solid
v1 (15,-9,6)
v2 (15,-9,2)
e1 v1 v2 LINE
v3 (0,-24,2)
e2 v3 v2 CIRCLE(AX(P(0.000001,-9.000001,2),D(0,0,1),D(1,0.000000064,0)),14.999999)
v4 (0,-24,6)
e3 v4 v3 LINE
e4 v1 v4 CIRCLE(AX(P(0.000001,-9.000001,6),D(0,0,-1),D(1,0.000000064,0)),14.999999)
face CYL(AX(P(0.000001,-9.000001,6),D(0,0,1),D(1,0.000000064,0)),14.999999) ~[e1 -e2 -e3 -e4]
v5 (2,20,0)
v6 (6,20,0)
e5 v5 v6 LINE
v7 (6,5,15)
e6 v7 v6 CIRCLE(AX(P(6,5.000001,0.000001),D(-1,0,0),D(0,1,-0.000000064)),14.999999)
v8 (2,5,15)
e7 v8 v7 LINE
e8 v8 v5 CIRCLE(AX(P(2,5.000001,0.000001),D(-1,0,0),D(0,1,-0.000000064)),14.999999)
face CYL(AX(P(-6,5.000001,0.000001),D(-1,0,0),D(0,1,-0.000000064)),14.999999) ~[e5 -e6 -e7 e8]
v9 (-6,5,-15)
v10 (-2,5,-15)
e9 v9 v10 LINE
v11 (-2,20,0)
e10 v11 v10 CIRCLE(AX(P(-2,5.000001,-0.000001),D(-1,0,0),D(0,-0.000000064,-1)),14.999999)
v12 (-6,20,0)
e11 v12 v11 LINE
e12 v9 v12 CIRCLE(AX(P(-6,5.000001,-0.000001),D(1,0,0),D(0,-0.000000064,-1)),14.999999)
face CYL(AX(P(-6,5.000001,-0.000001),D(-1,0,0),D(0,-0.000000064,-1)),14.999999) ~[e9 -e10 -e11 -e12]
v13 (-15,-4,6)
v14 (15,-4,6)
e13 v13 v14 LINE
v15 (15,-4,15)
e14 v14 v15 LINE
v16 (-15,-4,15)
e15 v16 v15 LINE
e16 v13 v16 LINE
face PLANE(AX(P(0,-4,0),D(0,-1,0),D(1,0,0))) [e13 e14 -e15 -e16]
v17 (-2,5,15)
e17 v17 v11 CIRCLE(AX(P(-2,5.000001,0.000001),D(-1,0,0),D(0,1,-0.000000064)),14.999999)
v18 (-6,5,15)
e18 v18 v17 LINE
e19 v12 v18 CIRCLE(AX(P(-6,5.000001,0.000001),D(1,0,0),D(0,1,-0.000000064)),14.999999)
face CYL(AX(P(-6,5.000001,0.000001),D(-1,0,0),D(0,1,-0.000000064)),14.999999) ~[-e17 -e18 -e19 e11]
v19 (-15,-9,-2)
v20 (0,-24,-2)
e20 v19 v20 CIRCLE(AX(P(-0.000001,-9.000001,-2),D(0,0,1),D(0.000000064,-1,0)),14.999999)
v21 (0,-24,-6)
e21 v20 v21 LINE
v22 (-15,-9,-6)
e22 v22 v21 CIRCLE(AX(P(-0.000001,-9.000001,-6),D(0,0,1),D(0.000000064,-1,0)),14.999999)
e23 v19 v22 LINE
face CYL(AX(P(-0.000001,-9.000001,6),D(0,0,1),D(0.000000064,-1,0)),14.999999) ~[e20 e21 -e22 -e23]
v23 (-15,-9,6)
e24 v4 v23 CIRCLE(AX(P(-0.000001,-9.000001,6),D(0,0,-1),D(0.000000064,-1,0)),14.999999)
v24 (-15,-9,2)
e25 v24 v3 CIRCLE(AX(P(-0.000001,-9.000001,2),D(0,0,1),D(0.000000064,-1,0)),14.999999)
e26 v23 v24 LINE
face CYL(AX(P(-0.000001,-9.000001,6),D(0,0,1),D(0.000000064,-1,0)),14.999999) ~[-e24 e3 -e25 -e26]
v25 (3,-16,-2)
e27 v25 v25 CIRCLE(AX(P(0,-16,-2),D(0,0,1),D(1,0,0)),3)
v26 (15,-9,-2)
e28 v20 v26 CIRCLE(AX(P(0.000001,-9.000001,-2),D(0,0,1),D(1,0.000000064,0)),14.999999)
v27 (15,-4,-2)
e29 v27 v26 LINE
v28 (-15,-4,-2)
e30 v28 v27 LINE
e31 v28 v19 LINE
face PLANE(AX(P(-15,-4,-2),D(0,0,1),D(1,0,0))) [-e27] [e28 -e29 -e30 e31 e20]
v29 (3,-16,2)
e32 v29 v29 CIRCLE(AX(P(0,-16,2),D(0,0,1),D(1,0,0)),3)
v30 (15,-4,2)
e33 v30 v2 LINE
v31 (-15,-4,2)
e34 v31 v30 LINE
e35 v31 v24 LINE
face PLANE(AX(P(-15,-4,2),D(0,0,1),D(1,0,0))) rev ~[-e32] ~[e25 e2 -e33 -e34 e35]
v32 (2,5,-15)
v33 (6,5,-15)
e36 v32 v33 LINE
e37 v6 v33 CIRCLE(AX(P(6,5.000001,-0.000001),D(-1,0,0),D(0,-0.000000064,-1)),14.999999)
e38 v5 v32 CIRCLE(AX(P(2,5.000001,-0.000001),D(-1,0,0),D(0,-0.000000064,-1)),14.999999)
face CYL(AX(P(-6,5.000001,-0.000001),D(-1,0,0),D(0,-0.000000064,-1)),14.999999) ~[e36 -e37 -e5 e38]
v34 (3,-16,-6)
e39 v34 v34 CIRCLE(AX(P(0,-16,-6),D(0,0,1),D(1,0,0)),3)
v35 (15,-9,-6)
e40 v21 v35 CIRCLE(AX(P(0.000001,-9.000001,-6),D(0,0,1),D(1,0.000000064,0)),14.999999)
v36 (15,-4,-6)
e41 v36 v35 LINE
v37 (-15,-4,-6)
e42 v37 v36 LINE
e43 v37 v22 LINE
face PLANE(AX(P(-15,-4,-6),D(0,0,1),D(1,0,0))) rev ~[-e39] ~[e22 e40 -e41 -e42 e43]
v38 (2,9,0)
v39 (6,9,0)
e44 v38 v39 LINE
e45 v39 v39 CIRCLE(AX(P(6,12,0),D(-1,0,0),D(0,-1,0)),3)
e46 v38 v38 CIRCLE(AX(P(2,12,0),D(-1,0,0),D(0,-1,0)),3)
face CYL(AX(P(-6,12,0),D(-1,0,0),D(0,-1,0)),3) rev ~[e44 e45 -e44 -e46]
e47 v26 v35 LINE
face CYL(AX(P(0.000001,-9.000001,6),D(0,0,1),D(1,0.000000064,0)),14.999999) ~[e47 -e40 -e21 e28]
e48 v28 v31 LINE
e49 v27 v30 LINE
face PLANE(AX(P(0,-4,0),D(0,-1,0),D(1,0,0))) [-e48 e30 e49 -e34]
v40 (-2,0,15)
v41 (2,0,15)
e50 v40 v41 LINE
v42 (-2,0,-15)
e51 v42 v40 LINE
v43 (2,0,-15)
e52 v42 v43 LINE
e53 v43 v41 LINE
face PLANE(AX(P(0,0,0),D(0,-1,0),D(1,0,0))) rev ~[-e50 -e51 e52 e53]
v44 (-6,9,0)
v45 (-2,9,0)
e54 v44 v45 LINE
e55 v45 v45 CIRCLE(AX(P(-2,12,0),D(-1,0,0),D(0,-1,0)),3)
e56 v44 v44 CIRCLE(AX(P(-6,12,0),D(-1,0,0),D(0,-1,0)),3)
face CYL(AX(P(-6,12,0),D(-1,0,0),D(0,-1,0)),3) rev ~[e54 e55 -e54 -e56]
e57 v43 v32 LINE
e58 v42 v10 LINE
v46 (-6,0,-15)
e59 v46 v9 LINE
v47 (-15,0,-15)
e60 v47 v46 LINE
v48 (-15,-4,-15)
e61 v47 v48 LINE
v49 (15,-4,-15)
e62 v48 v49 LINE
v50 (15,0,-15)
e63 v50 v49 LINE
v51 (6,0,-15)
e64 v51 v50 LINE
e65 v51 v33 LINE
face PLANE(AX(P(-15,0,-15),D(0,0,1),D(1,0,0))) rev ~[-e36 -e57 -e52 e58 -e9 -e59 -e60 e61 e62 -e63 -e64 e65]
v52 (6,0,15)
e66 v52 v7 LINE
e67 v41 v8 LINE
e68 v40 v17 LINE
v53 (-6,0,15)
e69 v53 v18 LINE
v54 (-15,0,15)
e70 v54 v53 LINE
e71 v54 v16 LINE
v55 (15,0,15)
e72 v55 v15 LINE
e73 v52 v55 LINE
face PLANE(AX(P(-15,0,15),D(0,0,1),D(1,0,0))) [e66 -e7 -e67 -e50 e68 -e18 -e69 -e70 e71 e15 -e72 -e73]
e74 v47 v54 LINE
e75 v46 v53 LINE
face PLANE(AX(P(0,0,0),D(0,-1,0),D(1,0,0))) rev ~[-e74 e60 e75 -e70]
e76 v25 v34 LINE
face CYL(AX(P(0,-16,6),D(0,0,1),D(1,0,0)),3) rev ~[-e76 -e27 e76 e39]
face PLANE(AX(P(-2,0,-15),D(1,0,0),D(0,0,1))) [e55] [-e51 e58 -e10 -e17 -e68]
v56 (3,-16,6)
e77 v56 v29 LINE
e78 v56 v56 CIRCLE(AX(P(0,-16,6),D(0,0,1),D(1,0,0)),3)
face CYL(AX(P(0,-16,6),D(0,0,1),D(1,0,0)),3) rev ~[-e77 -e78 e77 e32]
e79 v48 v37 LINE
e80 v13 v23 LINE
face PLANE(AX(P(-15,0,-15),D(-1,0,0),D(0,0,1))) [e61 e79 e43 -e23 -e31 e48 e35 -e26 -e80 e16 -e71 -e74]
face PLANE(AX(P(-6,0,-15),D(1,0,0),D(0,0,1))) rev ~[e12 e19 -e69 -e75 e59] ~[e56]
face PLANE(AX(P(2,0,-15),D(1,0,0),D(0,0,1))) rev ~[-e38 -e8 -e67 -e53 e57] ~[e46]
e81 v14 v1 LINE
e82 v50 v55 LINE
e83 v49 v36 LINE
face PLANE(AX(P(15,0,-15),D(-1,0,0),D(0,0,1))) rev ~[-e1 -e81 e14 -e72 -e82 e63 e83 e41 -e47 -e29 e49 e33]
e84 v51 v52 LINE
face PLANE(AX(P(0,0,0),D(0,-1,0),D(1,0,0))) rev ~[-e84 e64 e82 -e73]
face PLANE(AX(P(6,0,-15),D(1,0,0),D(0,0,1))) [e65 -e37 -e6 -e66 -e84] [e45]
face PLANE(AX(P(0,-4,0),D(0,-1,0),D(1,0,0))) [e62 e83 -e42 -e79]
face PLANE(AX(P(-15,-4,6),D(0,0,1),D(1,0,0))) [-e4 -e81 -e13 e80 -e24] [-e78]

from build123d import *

# Parameters (mm, degrees)
F0_W      = 30
F0_H      = 30
F1_DEPTH  = 4
F2_W      = 4
F2_H      = 30
F3_DEPTH  = 20
F5_DEPTH  = 25
F6_R      = 3
F7_DEPTH  = 25
F8_W      = 30
F8_H      = 4
F9_DEPTH  = 20
F11_DEPTH = 25
F12_R     = 3
F13_DEPTH = 25


with BuildPart() as f1:
    # F0 (on Front) → F1 (new body)
    with BuildSketch(Plane.XZ):
        Rectangle(F0_W, F0_H)
    extrude(amount=F1_DEPTH)

    # F2 (on face) → F3 (join)
    with BuildSketch(Plane(origin=(0, 0, 0), x_dir=(-1, 0, 0), z_dir=(0, 1, 0))):
        with Locations((4, 0)):
            Rectangle(F2_W, F2_H)
        with Locations((-4, 0)):
            Rectangle(F2_W, F2_H)
    extrude(amount=F3_DEPTH)

    # F4 (on face) → F5 (cut)
    with BuildSketch(Plane(origin=(-6, 0, 0), x_dir=(0, -1, 0), z_dir=(-1, 0, 0))):
        with BuildLine():
            ThreePointArc((-5, -15), (-15.606602, -10.606602), (-20, 0))
            Line((-20, 0), (-20, -15))
            Line((-20, -15), (-5, -15))
        make_face()
        with BuildLine():
            Line((-5, 15), (-20, 15))
            Line((-20, 15), (-20, 0))
            ThreePointArc((-20, 0), (-15.606602, 10.606602), (-5, 15))
        make_face()
    extrude(amount=-F5_DEPTH, mode=Mode.SUBTRACT)

    # F6 (on face) → F7 (cut)
    with BuildSketch(Plane(origin=(-6, 0, 0), x_dir=(0, -1, 0), z_dir=(-1, 0, 0))):
        with Locations((-12, 0)):
            Circle(F6_R)
    extrude(amount=-F7_DEPTH, mode=Mode.SUBTRACT)

    # F8 (on face) → F9 (join)
    with BuildSketch(Plane.XZ.offset(4)):
        with Locations((0, 4)):
            Rectangle(F8_W, F8_H)
        with Locations((0, -4)):
            Rectangle(F8_W, F8_H)
    extrude(amount=F9_DEPTH)

    # F10 (on face) → F11 (cut)
    with BuildSketch(Plane.XY.offset(6)):
        with BuildLine():
            Line((-15, -24), (0, -24))
            ThreePointArc((0, -24), (-10.606602, -19.606602), (-15, -9))
            Line((-15, -9), (-15, -24))
        make_face()
        with BuildLine():
            ThreePointArc((15, -9), (10.606602, -19.606602), (0, -24))
            Line((0, -24), (15, -24))
            Line((15, -24), (15, -9))
        make_face()
    extrude(amount=-F11_DEPTH, mode=Mode.SUBTRACT)

    # F12 (on face) → F13 (cut)
    with BuildSketch(Plane.XY.offset(6)):
        with Locations((0, -16)):
            Circle(F12_R)
    extrude(amount=-F13_DEPTH, mode=Mode.SUBTRACT)


solid = f1.part
